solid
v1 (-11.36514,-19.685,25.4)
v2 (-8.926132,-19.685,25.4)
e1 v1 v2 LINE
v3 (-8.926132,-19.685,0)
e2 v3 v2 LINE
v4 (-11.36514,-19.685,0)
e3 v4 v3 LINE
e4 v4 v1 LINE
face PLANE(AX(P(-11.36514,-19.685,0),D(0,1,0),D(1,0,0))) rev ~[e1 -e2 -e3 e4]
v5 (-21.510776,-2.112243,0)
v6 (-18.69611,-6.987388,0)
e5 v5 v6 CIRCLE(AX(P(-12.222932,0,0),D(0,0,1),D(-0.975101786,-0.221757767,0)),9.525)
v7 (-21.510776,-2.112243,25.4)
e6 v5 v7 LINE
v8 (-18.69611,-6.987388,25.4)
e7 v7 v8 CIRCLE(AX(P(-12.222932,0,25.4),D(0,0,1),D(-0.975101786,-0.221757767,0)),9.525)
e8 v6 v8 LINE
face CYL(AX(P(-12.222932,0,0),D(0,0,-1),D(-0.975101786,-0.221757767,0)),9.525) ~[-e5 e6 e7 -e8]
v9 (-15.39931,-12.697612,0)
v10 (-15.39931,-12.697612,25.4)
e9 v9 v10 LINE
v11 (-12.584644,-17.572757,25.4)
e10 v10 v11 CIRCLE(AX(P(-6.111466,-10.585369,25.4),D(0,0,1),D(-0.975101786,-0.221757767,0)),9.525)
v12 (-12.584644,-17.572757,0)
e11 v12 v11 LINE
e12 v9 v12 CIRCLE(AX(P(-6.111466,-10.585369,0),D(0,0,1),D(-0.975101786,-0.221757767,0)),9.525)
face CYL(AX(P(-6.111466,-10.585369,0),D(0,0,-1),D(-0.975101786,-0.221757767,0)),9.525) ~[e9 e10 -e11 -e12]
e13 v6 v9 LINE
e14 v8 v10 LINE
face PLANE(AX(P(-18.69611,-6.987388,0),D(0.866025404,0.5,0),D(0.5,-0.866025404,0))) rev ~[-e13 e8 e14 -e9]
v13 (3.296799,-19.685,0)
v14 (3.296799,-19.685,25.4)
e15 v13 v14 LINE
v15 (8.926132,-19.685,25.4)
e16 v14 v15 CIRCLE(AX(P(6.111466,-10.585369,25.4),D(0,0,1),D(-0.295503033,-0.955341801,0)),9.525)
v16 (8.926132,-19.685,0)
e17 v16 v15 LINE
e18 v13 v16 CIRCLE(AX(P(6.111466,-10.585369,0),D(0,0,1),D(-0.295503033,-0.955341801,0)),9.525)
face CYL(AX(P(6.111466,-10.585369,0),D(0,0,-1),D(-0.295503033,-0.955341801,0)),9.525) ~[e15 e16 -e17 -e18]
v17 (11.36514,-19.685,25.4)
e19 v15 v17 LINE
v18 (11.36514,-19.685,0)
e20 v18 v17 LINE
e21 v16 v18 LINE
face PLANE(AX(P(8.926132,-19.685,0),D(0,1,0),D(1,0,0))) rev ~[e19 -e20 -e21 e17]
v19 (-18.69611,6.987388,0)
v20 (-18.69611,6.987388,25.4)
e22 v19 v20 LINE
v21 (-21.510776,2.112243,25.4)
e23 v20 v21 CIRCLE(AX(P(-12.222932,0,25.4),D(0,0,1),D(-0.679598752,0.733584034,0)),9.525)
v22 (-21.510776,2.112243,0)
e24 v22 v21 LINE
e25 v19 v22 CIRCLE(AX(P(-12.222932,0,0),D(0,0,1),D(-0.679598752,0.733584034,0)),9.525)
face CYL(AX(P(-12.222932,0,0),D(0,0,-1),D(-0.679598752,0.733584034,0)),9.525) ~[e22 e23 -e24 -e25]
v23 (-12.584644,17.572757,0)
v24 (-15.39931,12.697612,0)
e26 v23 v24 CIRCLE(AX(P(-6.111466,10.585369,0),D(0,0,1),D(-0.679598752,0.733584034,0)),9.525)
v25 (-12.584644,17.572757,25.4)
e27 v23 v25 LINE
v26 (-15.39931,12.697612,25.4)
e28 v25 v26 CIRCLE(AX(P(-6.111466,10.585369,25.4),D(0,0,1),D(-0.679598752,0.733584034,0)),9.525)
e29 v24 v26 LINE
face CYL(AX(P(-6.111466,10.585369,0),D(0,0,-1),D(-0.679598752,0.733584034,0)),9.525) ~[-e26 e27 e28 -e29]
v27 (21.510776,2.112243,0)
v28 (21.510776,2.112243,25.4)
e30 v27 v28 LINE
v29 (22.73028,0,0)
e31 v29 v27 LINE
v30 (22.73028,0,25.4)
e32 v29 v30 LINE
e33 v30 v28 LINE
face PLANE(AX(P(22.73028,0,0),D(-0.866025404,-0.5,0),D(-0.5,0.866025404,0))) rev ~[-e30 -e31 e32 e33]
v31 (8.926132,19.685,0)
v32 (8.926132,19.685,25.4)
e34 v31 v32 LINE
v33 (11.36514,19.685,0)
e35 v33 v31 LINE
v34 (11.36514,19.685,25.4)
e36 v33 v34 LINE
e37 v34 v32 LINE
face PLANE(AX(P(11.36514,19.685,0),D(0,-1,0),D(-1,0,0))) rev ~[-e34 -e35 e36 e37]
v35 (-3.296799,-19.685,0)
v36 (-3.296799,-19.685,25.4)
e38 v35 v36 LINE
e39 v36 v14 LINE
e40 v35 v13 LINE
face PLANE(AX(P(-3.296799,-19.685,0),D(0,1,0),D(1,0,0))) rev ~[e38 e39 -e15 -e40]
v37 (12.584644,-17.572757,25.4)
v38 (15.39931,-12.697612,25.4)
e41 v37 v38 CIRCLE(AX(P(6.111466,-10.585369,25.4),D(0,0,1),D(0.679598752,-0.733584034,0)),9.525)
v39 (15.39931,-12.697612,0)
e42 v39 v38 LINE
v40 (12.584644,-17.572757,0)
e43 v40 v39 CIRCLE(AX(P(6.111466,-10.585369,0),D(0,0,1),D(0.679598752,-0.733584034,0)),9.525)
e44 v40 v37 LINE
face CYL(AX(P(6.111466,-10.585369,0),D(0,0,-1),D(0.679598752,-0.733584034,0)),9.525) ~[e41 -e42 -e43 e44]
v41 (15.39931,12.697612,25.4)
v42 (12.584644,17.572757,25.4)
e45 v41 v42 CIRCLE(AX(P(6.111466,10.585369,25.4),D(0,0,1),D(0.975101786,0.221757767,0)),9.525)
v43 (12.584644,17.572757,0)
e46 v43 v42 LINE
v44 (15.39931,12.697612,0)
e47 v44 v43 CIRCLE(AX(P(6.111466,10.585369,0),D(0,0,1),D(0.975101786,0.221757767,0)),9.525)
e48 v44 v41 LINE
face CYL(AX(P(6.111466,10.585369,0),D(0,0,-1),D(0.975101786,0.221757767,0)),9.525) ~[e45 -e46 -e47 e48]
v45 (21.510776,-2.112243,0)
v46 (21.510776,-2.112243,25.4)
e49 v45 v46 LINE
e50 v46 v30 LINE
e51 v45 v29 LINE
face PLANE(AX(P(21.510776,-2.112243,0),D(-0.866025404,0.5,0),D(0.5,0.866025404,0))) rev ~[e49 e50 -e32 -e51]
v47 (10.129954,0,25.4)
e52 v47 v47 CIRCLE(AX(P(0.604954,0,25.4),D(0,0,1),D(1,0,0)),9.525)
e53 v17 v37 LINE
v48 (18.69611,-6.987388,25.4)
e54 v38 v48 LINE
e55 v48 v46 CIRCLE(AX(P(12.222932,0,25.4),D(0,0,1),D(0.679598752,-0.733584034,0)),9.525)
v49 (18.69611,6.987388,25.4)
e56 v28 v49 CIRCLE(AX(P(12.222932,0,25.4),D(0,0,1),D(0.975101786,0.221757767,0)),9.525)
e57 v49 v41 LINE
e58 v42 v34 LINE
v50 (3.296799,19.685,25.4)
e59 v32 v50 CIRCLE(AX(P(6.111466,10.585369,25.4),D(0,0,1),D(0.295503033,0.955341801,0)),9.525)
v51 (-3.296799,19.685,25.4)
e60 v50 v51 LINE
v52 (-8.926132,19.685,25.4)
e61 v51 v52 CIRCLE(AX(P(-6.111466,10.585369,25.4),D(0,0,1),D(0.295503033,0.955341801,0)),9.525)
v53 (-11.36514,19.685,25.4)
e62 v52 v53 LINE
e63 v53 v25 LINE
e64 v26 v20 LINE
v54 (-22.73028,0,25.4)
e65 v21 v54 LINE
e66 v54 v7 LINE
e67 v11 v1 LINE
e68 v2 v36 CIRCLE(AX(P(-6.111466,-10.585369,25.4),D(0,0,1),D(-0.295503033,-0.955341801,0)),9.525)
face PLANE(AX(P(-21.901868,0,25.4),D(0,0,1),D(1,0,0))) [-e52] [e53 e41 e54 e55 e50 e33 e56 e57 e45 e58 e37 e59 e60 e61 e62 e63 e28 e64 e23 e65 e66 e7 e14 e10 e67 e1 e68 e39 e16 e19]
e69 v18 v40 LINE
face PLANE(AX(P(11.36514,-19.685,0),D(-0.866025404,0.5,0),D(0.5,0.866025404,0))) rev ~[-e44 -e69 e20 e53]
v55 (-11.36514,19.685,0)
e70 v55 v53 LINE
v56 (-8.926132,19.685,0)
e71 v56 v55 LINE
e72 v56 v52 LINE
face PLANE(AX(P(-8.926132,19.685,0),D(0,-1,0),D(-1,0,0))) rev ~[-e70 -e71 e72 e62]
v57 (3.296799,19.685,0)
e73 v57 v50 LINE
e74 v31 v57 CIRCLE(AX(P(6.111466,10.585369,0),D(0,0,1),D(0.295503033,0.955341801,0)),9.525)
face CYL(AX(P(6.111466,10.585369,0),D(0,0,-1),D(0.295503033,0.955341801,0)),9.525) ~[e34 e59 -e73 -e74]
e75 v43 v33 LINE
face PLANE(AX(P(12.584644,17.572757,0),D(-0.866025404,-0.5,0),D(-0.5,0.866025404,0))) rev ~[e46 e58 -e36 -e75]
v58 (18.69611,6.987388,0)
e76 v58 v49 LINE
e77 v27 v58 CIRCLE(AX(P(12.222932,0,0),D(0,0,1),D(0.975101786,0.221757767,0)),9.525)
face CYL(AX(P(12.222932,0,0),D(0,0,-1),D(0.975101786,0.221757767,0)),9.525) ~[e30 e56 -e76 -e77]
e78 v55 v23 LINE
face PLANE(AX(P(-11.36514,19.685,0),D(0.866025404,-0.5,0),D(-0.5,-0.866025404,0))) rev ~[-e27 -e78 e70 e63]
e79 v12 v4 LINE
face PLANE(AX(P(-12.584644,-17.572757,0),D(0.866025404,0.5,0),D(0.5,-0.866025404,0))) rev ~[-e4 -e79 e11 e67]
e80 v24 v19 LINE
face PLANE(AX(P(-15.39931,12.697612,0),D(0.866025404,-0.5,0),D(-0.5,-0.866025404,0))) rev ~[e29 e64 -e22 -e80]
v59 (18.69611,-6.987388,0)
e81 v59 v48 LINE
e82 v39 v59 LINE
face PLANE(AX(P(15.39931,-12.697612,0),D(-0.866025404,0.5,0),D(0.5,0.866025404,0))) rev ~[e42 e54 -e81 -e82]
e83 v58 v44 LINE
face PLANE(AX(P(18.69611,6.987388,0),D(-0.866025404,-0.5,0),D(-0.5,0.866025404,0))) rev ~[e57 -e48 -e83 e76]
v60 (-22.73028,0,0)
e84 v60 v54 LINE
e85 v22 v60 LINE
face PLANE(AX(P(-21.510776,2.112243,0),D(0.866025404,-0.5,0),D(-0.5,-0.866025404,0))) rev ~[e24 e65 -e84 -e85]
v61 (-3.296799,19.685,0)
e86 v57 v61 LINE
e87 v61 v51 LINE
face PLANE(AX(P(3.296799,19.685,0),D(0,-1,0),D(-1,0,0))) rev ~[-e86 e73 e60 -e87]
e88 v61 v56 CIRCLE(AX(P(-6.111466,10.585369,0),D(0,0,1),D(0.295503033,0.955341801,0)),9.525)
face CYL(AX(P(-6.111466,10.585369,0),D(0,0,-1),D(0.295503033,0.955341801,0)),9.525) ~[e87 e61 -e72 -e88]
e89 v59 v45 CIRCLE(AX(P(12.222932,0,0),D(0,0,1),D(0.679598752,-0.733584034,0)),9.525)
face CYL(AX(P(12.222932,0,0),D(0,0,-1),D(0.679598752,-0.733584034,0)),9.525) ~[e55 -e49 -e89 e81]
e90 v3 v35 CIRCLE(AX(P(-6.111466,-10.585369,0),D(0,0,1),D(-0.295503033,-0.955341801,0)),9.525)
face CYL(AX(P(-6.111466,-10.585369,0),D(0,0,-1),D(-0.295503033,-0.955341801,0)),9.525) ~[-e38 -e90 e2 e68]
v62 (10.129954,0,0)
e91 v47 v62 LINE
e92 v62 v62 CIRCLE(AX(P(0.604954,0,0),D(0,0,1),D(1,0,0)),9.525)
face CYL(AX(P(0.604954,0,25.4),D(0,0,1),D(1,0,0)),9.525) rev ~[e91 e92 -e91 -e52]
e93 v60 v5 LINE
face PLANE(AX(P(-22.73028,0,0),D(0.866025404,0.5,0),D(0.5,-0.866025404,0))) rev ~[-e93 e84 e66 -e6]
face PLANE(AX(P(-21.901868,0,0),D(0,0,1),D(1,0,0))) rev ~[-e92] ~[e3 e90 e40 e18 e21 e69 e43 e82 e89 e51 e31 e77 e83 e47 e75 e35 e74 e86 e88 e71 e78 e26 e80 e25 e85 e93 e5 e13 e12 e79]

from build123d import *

# Parameters (mm, degrees)
F1_DEPTH = 25.4
F2_R     = 9.525
F3_DEPTH = 25.401


with BuildPart() as f1:
    # F0 (on Top) → F1 (new body)
    with BuildSketch(Plane.XY):
        with BuildLine():
            Line((-21.51077619, 2.1122427287), (-22.730280098, 0))
            Line((-22.730280098, 0), (-21.51077619, -2.1122427287))
            ThreePointArc((-21.51077619, -2.1122427287), (-21.7479316793, 0), (-21.51077619, 2.1122427287))
        make_face()
        with BuildLine():
            ThreePointArc((-18.6961097966, 6.9873879283), (-20.4718236503, 4.7625), (-21.51077619, 2.1122427287))
            Line((-21.51077619, 2.1122427287), (-18.6961097966, 6.9873879283))
        make_face()
        with BuildLine():
            Line((-18.6961097966, 6.9873879283), (-21.51077619, 2.1122427287))
            ThreePointArc((-21.51077619, 2.1122427287), (-21.7479316793, 0), (-21.51077619, -2.1122427287))
            Line((-21.51077619, -2.1122427287), (-18.6961097966, -6.9873879283))
            ThreePointArc((-18.6961097966, -6.9873879283), (-17.19259128, -8.1257681762), (-15.4942602985, -8.9456153542))
            ThreePointArc((-15.4942602985, -8.9456153542), (-10.8739658396, -2.3364773719), (-2.8401372205, -1.6397539888))
            ThreePointArc((-2.8401372205, -1.6397539888), (-2.7335496599, -0.8229543668), (-2.6979316793, 0))
            ThreePointArc((-2.6979316793, 0), (-2.7335496599, 0.8229543668), (-2.8401372205, 1.6397539888))
            ThreePointArc((-2.8401372205, 1.6397539888), (-10.8739658396, 2.3364773719), (-15.4942602985, 8.9456153542))
            ThreePointArc((-15.4942602985, 8.9456153542), (-17.19259128, 8.1257681762), (-18.6961097966, 6.9873879283))
        make_face()
        with BuildLine():
            Line((-18.6961097966, -6.9873879283), (-21.51077619, -2.1122427287))
            ThreePointArc((-21.51077619, -2.1122427287), (-20.4718236503, -4.7625), (-18.6961097966, -6.9873879283))
        make_face()
        with BuildLine():
            Line((-15.3993103504, 12.6976120717), (-18.6961097966, 6.9873879283))
            ThreePointArc((-18.6961097966, 6.9873879283), (-17.19259128, 8.1257681762), (-15.4942602985, 8.9456153542))
            ThreePointArc((-15.4942602985, 8.9456153542), (-15.6334173058, 10.8263367173), (-15.3993103504, 12.6976120717))
        make_face()
        with BuildLine():
            ThreePointArc((-15.4942602985, -8.9456153542), (-17.19259128, -8.1257681762), (-18.6961097966, -6.9873879283))
            Line((-18.6961097966, -6.9873879283), (-15.3993103504, -12.6976120717))
            ThreePointArc((-15.3993103504, -12.6976120717), (-15.6334173058, -10.8263367173), (-15.4942602985, -8.9456153542))
        make_face()
        with BuildLine():
            ThreePointArc((-12.584643957, 17.5727572713), (-14.3603578107, 15.347869343), (-15.3993103504, 12.6976120717))
            Line((-15.3993103504, 12.6976120717), (-12.584643957, 17.5727572713))
        make_face()
        with BuildLine():
            Line((-12.584643957, 17.5727572713), (-15.3993103504, 12.6976120717))
            ThreePointArc((-15.3993103504, 12.6976120717), (-15.6334173058, 10.8263367173), (-15.4942602985, 8.9456153542))
            ThreePointArc((-15.4942602985, 8.9456153542), (-7.4604316793, 8.248891971), (-2.8401372205, 1.6397539888))
            ThreePointArc((-2.8401372205, 1.6397539888), (-1.3489658396, 2.3364773719), (0, 3.2795079776))
            ThreePointArc((0, 3.2795079776), (-3.4135341604, 10.585369343), (0, 17.8912307084))
            ThreePointArc((0, 17.8912307084), (-1.5591739742, 18.9521048935), (-3.2967994463, 19.685))
            Line((-3.2967994463, 19.685), (-8.926132233, 19.685))
            ThreePointArc((-8.926132233, 19.685), (-10.8739658396, 18.834261314), (-12.584643957, 17.5727572713))
        make_face()
        with BuildLine():
            ThreePointArc((-15.4942602985, -8.9456153542), (-15.6334173058, -10.8263367173), (-15.3993103504, -12.6976120717))
            Line((-15.3993103504, -12.6976120717), (-12.584643957, -17.5727572713))
            ThreePointArc((-12.584643957, -17.5727572713), (-10.8739658396, -18.834261314), (-8.926132233, -19.685))
            Line((-8.926132233, -19.685), (-3.2967994463, -19.685))
            ThreePointArc((-3.2967994463, -19.685), (-1.5591739742, -18.9521048935), (0, -17.8912307084))
            ThreePointArc((0, -17.8912307084), (-3.4135341604, -10.585369343), (0, -3.2795079776))
            ThreePointArc((0, -3.2795079776), (-1.3489658396, -2.3364773719), (-2.8401372205, -1.6397539888))
            ThreePointArc((-2.8401372205, -1.6397539888), (-7.4604316793, -8.248891971), (-15.4942602985, -8.9456153542))
        make_face()
        with BuildLine():
            Line((-12.584643957, -17.5727572713), (-15.3993103504, -12.6976120717))
            ThreePointArc((-15.3993103504, -12.6976120717), (-14.3603578107, -15.347869343), (-12.584643957, -17.5727572713))
        make_face()
        with BuildLine():
            Line((-11.365140049, 19.685), (-12.584643957, 17.5727572713))
            ThreePointArc((-12.584643957, 17.5727572713), (-10.8739658396, 18.834261314), (-8.926132233, 19.685))
            Line((-8.926132233, 19.685), (-11.365140049, 19.685))
        make_face()
        with BuildLine():
            ThreePointArc((-8.926132233, -19.685), (-10.8739658396, -18.834261314), (-12.584643957, -17.5727572713))
            Line((-12.584643957, -17.5727572713), (-11.365140049, -19.685))
            Line((-11.365140049, -19.685), (-8.926132233, -19.685))
        make_face()
        with BuildLine():
            ThreePointArc((-3.2967994463, 19.685), (-6.1114658396, 20.110369343), (-8.926132233, 19.685))
            Line((-8.926132233, 19.685), (-3.2967994463, 19.685))
        make_face()
        with BuildLine():
            ThreePointArc((3.4135341604, 10.585369343), (2.5180572388, 6.5533777211), (0, 3.2795079776))
            ThreePointArc((0, 3.2795079776), (1.3489658396, 2.3364773719), (2.8401372205, 1.6397539888))
            ThreePointArc((2.8401372205, 1.6397539888), (7.4604316793, 8.248891971), (15.4942602985, 8.9456153542))
            ThreePointArc((15.4942602985, 8.9456153542), (15.600847859, 9.7624149761), (15.6364658396, 10.585369343))
            ThreePointArc((15.6364658396, 10.585369343), (15.5769912864, 11.6481266143), (15.3993103504, 12.6976120717))
            Line((15.3993103504, 12.6976120717), (12.584643957, 17.5727572713))
            ThreePointArc((12.584643957, 17.5727572713), (10.8739658396, 18.834261314), (8.926132233, 19.685))
            Line((8.926132233, 19.685), (3.2967994463, 19.685))
            ThreePointArc((3.2967994463, 19.685), (1.5591739742, 18.9521048935), (0, 17.8912307084))
            ThreePointArc((0, 17.8912307084), (2.5180572388, 14.6173609648), (3.4135341604, 10.585369343))
        make_face()
        with BuildLine():
            Line((-3.2967994463, -19.685), (-8.926132233, -19.685))
            ThreePointArc((-8.926132233, -19.685), (-6.1114658396, -20.110369343), (-3.2967994463, -19.685))
        make_face()
        with BuildLine():
            ThreePointArc((2.8401372205, -1.6397539888), (1.3489658396, -2.3364773719), (0, -3.2795079776))
            ThreePointArc((0, -3.2795079776), (2.5180572388, -6.5533777211), (3.4135341604, -10.585369343))
            ThreePointArc((3.4135341604, -10.585369343), (2.5180572388, -14.6173609648), (0, -17.8912307084))
            ThreePointArc((0, -17.8912307084), (1.5591739742, -18.9521048935), (3.2967994463, -19.685))
            Line((3.2967994463, -19.685), (8.926132233, -19.685))
            ThreePointArc((8.926132233, -19.685), (10.8739658396, -18.834261314), (12.584643957, -17.5727572713))
            Line((12.584643957, -17.5727572713), (15.3993103504, -12.6976120717))
            ThreePointArc((15.3993103504, -12.6976120717), (15.5769912864, -11.6481266143), (15.6364658396, -10.585369343))
            ThreePointArc((15.6364658396, -10.585369343), (15.600847859, -9.7624149761), (15.4942602985, -8.9456153542))
            ThreePointArc((15.4942602985, -8.9456153542), (7.4604316793, -8.248891971), (2.8401372205, -1.6397539888))
        make_face()
        with BuildLine():
            Line((3.2967994463, 19.685), (-3.2967994463, 19.685))
            ThreePointArc((-3.2967994463, 19.685), (-1.5591739742, 18.9521048935), (0, 17.8912307084))
            ThreePointArc((0, 17.8912307084), (1.5591739742, 18.9521048935), (3.2967994463, 19.685))
        make_face()
        with BuildLine():
            ThreePointArc((15.4942602985, 8.9456153542), (10.8739658396, 2.3364773719), (2.8401372205, 1.6397539888))
            ThreePointArc((2.8401372205, 1.6397539888), (2.6979316793, 0), (2.8401372205, -1.6397539888))
            ThreePointArc((2.8401372205, -1.6397539888), (10.8739658396, -2.3364773719), (15.4942602985, -8.9456153542))
            ThreePointArc((15.4942602985, -8.9456153542), (17.19259128, -8.1257681762), (18.6961097966, -6.9873879283))
            Line((18.6961097966, -6.9873879283), (21.51077619, -2.1122427287))
            ThreePointArc((21.51077619, -2.1122427287), (21.688457126, -1.0627572713), (21.7479316793, 0))
            ThreePointArc((21.7479316793, 0), (21.688457126, 1.0627572713), (21.51077619, 2.1122427287))
            Line((21.51077619, 2.1122427287), (18.6961097966, 6.9873879283))
            ThreePointArc((18.6961097966, 6.9873879283), (17.19259128, 8.1257681762), (15.4942602985, 8.9456153542))
        make_face()
        with BuildLine():
            ThreePointArc((0, -17.8912307084), (-1.5591739742, -18.9521048935), (-3.2967994463, -19.685))
            Line((-3.2967994463, -19.685), (3.2967994463, -19.685))
            ThreePointArc((3.2967994463, -19.685), (1.5591739742, -18.9521048935), (0, -17.8912307084))
        make_face()
        with BuildLine():
            ThreePointArc((8.926132233, 19.685), (6.1114658396, 20.110369343), (3.2967994463, 19.685))
            Line((3.2967994463, 19.685), (8.926132233, 19.685))
        make_face()
        with BuildLine():
            ThreePointArc((15.6364658396, 10.585369343), (15.600847859, 9.7624149761), (15.4942602985, 8.9456153542))
            ThreePointArc((15.4942602985, 8.9456153542), (17.19259128, 8.1257681762), (18.6961097966, 6.9873879283))
            Line((18.6961097966, 6.9873879283), (15.3993103504, 12.6976120717))
            ThreePointArc((15.3993103504, 12.6976120717), (15.5769912864, 11.6481266143), (15.6364658396, 10.585369343))
        make_face()
        with BuildLine():
            Line((8.926132233, -19.685), (3.2967994463, -19.685))
            ThreePointArc((3.2967994463, -19.685), (6.1114658396, -20.110369343), (8.926132233, -19.685))
        make_face()
        with BuildLine():
            ThreePointArc((18.6961097966, -6.9873879283), (17.19259128, -8.1257681762), (15.4942602985, -8.9456153542))
            ThreePointArc((15.4942602985, -8.9456153542), (15.600847859, -9.7624149761), (15.6364658396, -10.585369343))
            ThreePointArc((15.6364658396, -10.585369343), (15.5769912864, -11.6481266143), (15.3993103504, -12.6976120717))
            Line((15.3993103504, -12.6976120717), (18.6961097966, -6.9873879283))
        make_face()
        with BuildLine():
            Line((11.365140049, 19.685), (8.926132233, 19.685))
            ThreePointArc((8.926132233, 19.685), (10.8739658396, 18.834261314), (12.584643957, 17.5727572713))
            Line((12.584643957, 17.5727572713), (11.365140049, 19.685))
        make_face()
        with BuildLine():
            ThreePointArc((21.51077619, 2.1122427287), (20.4718236503, 4.7625), (18.6961097966, 6.9873879283))
            Line((18.6961097966, 6.9873879283), (21.51077619, 2.1122427287))
        make_face()
        with BuildLine():
            ThreePointArc((12.584643957, -17.5727572713), (10.8739658396, -18.834261314), (8.926132233, -19.685))
            Line((8.926132233, -19.685), (11.365140049, -19.685))
            Line((11.365140049, -19.685), (12.584643957, -17.5727572713))
        make_face()
        with BuildLine():
            Line((21.51077619, -2.1122427287), (18.6961097966, -6.9873879283))
            ThreePointArc((18.6961097966, -6.9873879283), (20.4718236503, -4.7625), (21.51077619, -2.1122427287))
        make_face()
        with BuildLine():
            ThreePointArc((15.3993103504, 12.6976120717), (14.3603578107, 15.347869343), (12.584643957, 17.5727572713))
            Line((12.584643957, 17.5727572713), (15.3993103504, 12.6976120717))
        make_face()
        with BuildLine():
            Line((22.730280098, 0), (21.51077619, 2.1122427287))
            ThreePointArc((21.51077619, 2.1122427287), (21.688457126, 1.0627572713), (21.7479316793, 0))
            ThreePointArc((21.7479316793, 0), (21.688457126, -1.0627572713), (21.51077619, -2.1122427287))
            Line((21.51077619, -2.1122427287), (22.730280098, 0))
        make_face()
        with BuildLine():
            Line((15.3993103504, -12.6976120717), (12.584643957, -17.5727572713))
            ThreePointArc((12.584643957, -17.5727572713), (14.3603578107, -15.347869343), (15.3993103504, -12.6976120717))
        make_face()
        with BuildLine():
            ThreePointArc((-2.8401372205, 1.6397539888), (-7.4604316793, 8.248891971), (-15.4942602985, 8.9456153542))
            ThreePointArc((-15.4942602985, 8.9456153542), (-10.8739658396, 2.3364773719), (-2.8401372205, 1.6397539888))
        make_face()
        with BuildLine():
            ThreePointArc((0, 17.8912307084), (-3.4135341604, 10.585369343), (0, 3.2795079776))
            ThreePointArc((0, 3.2795079776), (2.5180572388, 6.5533777211), (3.4135341604, 10.585369343))
            ThreePointArc((3.4135341604, 10.585369343), (2.5180572388, 14.6173609648), (0, 17.8912307084))
        make_face()
        with BuildLine():
            ThreePointArc((15.4942602985, 8.9456153542), (7.4604316793, 8.248891971), (2.8401372205, 1.6397539888))
            ThreePointArc((2.8401372205, 1.6397539888), (10.8739658396, 2.3364773719), (15.4942602985, 8.9456153542))
        make_face()
        with BuildLine():
            ThreePointArc((15.4942602985, -8.9456153542), (10.8739658396, -2.3364773719), (2.8401372205, -1.6397539888))
            ThreePointArc((2.8401372205, -1.6397539888), (7.4604316793, -8.248891971), (15.4942602985, -8.9456153542))
        make_face()
        with BuildLine():
            ThreePointArc((3.4135341604, -10.585369343), (2.5180572388, -6.5533777211), (0, -3.2795079776))
            ThreePointArc((0, -3.2795079776), (-3.4135341604, -10.585369343), (0, -17.8912307084))
            ThreePointArc((0, -17.8912307084), (2.5180572388, -14.6173609648), (3.4135341604, -10.585369343))
        make_face()
        with BuildLine():
            ThreePointArc((-2.8401372205, -1.6397539888), (-10.8739658396, -2.3364773719), (-15.4942602985, -8.9456153542))
            ThreePointArc((-15.4942602985, -8.9456153542), (-7.4604316793, -8.248891971), (-2.8401372205, -1.6397539888))
        make_face()
        with BuildLine():
            ThreePointArc((0, 3.2795079776), (-1.3489658396, 2.3364773719), (-2.8401372205, 1.6397539888))
            ThreePointArc((-2.8401372205, 1.6397539888), (-2.7335496599, 0.8229543668), (-2.6979316793, 0))
            ThreePointArc((-2.6979316793, 0), (-2.7335496599, -0.8229543668), (-2.8401372205, -1.6397539888))
            ThreePointArc((-2.8401372205, -1.6397539888), (-1.3489658396, -2.3364773719), (0, -3.2795079776))
            ThreePointArc((0, -3.2795079776), (1.3489658396, -2.3364773719), (2.8401372205, -1.6397539888))
            ThreePointArc((2.8401372205, -1.6397539888), (2.6979316793, 0), (2.8401372205, 1.6397539888))
            ThreePointArc((2.8401372205, 1.6397539888), (1.3489658396, 2.3364773719), (0, 3.2795079776))
        make_face()
    extrude(amount=F1_DEPTH)

    # F2 (on face) → F3 (cut, through all)
    with BuildSketch(Plane.XY.offset(25.4)):
        with Locations((0.6049536171, 0)):
            Circle(F2_R)
    extrude(amount=-F3_DEPTH, mode=Mode.SUBTRACT)


solid = f1.part
